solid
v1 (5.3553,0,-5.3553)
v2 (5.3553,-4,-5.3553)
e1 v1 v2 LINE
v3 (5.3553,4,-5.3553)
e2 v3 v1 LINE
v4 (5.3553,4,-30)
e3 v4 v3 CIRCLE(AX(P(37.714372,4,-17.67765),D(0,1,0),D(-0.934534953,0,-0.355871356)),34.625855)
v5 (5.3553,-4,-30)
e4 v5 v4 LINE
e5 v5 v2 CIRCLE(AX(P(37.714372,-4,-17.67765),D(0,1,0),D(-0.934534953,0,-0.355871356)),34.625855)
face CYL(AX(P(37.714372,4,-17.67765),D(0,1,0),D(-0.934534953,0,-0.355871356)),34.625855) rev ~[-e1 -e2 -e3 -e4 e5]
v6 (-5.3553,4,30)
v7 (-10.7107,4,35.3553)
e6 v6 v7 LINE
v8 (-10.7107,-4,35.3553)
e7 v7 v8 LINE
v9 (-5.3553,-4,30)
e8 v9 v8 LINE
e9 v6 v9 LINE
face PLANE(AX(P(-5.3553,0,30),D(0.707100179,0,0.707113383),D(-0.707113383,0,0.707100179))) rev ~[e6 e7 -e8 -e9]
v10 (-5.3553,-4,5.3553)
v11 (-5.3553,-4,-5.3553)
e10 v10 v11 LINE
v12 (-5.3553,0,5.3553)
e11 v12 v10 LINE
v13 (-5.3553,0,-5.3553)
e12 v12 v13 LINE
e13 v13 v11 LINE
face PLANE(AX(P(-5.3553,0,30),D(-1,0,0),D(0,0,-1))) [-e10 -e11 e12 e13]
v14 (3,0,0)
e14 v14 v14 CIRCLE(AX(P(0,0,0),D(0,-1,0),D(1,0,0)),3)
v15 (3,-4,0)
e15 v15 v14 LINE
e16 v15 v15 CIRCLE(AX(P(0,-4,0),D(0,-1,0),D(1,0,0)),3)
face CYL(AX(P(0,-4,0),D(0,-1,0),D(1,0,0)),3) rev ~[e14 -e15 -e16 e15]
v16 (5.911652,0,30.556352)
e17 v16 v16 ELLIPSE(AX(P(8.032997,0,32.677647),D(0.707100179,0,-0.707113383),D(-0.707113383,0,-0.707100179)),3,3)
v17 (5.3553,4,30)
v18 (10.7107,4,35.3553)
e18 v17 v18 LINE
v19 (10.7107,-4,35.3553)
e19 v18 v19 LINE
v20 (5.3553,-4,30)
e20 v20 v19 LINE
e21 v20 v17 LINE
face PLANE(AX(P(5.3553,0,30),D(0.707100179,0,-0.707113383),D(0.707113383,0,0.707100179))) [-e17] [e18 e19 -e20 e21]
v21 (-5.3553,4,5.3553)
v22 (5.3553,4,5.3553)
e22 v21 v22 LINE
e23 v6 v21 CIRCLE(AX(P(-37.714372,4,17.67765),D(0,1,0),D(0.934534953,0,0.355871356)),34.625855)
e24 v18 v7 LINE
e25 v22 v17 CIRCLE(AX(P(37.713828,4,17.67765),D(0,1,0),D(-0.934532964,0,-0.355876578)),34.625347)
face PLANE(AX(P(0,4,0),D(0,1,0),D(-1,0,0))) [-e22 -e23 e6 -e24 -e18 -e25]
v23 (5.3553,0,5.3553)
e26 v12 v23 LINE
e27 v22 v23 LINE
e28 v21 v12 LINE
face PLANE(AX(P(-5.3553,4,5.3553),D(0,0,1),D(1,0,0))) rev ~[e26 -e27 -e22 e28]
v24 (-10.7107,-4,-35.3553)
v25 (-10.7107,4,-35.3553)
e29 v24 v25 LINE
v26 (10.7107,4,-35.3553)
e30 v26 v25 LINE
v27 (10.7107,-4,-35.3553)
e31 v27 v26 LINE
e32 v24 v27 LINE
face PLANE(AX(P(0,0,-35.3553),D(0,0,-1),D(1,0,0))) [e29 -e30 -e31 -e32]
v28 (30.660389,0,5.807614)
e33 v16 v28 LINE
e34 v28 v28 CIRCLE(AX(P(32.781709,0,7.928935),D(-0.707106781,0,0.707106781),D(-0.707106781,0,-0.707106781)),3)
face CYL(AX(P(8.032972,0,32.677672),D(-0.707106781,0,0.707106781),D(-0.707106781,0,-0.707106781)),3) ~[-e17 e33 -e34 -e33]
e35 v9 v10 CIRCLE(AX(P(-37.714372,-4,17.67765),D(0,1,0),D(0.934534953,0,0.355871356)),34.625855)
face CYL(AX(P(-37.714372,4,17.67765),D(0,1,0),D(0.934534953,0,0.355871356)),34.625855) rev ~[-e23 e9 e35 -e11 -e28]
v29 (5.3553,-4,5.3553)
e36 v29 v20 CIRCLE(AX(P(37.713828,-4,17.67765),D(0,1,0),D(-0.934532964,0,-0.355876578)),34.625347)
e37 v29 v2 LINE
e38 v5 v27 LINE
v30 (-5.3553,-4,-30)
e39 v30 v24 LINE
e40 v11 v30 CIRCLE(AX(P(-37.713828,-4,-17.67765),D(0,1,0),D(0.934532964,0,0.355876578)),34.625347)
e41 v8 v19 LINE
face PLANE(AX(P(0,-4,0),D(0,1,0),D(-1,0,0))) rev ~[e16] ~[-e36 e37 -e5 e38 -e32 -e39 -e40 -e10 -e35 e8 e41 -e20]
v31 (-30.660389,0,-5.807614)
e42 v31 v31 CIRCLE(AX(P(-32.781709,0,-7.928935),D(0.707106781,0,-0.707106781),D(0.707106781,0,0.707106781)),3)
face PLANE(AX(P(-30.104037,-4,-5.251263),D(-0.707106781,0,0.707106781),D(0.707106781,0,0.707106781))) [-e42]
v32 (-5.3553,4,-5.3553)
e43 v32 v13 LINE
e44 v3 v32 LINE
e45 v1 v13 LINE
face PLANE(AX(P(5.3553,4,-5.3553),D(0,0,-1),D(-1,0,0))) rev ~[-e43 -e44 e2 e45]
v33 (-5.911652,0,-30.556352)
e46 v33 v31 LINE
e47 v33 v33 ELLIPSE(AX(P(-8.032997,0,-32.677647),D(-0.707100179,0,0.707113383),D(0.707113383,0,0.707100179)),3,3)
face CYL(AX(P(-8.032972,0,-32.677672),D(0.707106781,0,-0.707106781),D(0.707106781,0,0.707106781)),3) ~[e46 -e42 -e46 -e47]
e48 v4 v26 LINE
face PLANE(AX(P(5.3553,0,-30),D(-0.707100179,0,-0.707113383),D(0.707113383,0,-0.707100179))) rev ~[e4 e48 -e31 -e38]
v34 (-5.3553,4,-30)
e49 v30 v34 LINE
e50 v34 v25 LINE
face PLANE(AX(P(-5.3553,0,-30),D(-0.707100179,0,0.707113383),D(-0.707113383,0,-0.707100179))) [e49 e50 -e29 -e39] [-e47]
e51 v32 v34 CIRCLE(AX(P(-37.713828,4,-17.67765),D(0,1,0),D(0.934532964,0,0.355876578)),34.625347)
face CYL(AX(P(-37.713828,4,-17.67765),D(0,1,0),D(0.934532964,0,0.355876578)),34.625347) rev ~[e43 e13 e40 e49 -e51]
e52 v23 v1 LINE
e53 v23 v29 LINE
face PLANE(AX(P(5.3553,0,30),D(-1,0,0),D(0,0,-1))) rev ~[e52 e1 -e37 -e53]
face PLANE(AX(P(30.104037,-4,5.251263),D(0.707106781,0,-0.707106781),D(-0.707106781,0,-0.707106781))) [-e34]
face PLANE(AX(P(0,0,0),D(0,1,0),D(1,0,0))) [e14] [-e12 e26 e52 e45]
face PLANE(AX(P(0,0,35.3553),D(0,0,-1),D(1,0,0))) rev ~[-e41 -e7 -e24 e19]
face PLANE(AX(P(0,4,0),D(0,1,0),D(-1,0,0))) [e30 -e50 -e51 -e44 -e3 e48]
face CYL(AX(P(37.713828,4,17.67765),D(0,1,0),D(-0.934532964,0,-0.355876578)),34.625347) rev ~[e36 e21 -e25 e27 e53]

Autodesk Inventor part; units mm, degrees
ref_plane "YZ Plane" through (0, 0, 0) normal (1, 0, 0) x (0, 1, 0)
ref_plane "XZ Plane" through (0, 0, 0) normal (0, 1, 0) x (-1, 0, 0)
ref_plane "XY Plane" through (0, 0, 0) normal (0, 0, 1) x (1, 0, 0)
sketch "スケッチ1" plane through (0, 0, 0) normal (0, 1, 0) x (-1, 0, 0)
  line L0 (-35.3553, 0) -> (0, 35.3553)
  line L1 (0, 35.3553) -> (35.3553, 0)
  line L2 (35.3553, 0) -> (0, -35.3553)
  line L3 (0, -35.3553) -> (-35.3553, 0)
  line L4 (-25, 25) -> (25, -25) construction
  line L5 (25, 25) -> (-25, -25) construction
  line L6 (0, 0) -> (0, -30)
  line L7 (0, -30) -> (5.3553, -30)
  line L8 (5.3553, -30) -> (10.7107, -35.3553)
  line L9 (5.3553, -30) -> (5.3553, 0)
  line L10 (0, 0) -> (30, 0)
  line L11 (30, 0) -> (30, -5.3553)
  line L12 (30, -5.3553) -> (0, -5.3553)
  line L13 (35.3553, 0) -> (47.1243, -11.769)
  line L14 (35.3553, 0) -> (35.3553, -35.3553)
  line L15 (0, -35.3553) -> (35.3553, -35.3553)
  line L16 (30, -5.3553) -> (35.3553, -10.7107)
  line L17 (5.3553, 30) -> (5.3553, 0)
  line L18 (30, 5.3553) -> (0, 5.3553)
  line L19 (0, 35.3553) -> (35.3553, 0)
  line L20 (30, 5.3553) -> (35.3553, 10.7107)
  line L21 (30, 0) -> (30, 5.3553)
  line L22 (0, 30) -> (5.3553, 30)
  line L23 (5.3553, 30) -> (10.7107, 35.3553)
  line L24 (0, 35.3553) -> (35.3553, 35.3553)
  line L25 (35.3553, 0) -> (35.3553, 35.3553)
  line L26 (0, 0) -> (0, 30)
  line L27 (0, 0) -> (30, 0)
  line L28 (-30, 5.3553) -> (0, 5.3553)
  line L29 (-5.3553, 30) -> (-5.3553, 0)
  line L30 (-35.3553, 0) -> (0, 35.3553)
  line L31 (-5.3553, 30) -> (-10.7107, 35.3553)
  line L32 (0, 30) -> (-5.3553, 30)
  line L33 (-30, 0) -> (-30, 5.3553)
  line L34 (-30, 5.3553) -> (-35.3553, 10.7107)
  line L35 (-35.3553, 0) -> (-35.3553, 35.3553)
  line L36 (0, 35.3553) -> (-35.3553, 35.3553)
  line L37 (0, 0) -> (-30, 0)
  line L38 (0, 0) -> (0, 30)
  line L39 (-5.3553, -30) -> (-5.3553, 0)
  line L40 (-30, -5.3553) -> (0, -5.3553)
  line L41 (0, -35.3553) -> (-35.3553, 0)
  line L42 (-30, -5.3553) -> (-35.3553, -10.7107)
  line L43 (-30, 0) -> (-30, -5.3553)
  line L44 (0, -30) -> (-5.3553, -30)
  line L45 (-5.3553, -30) -> (-10.7107, -35.3553)
  line L46 (0, -35.3553) -> (-35.3553, -35.3553)
  line L47 (-35.3553, 0) -> (-35.3553, -35.3553)
  line L48 (0, 0) -> (0, -30)
  line L49 (0, 0) -> (-30, 0)
  point P0 (35.3553, 0)
  point P1 (5.3553, 5.3553)
  point P2 (-5.3553, 5.3553)
  point P3 (-5.3553, -5.3553)
  point P4 (0, -35.3553)
  point P5 (5.3553, -5.3553)
  point P6 (-5.3553, 0)
  dimension "d0" = 50
  dimension "d1" = 50
  dimension "d3" = 30
  dimension "d4" = 30
  dimension "d7" = 360
extrude "押し出し1" add sketch "スケッチ1" along normal mid plane 8 contours L31 L36 L0 | L32 L26 L28 L29 | L0 L1 L22 L32 | L28 L26 L37 L29 | L44 L7 L2 L3 | L39 L40 L6 L44 | L3 L46 L45 | L39 L37 L6 L40 | L24 L23 L1 | L22 L17 L18 L26 | L18 L17 L10 L26 | L2 L8 L15 | L6 L12 L9 L7 | L6 L10 L9 L12
sketch "スケッチ3" plane through (5.3553, -4, 30) normal (0.7071, 0, -0.7071) x (-0.7071, 0, -0.7071)
  line L0 (-7.5736, 8) -> (7.5736, 8) projected
  line L1 (42.4264, 0) -> (0, 0) projected
  line L2 (-7.5736, 8) -> (0, 0)
  line L3 (-7.5736, 0) -> (7.5736, 0) projected
  line L4 (0, 8) -> (-7.5736, 0)
  circle A0 centre (-3.7868, 4) radius 3
  point P0 (25, 4)
  point P1 (17.4264, 0)
  dimension "d12" = 6
extrude "押し出し2" add sketch "スケッチ3" along normal blind 35 contours A0 L4 L2 | L2 L4 A0 | A0 L2 L4 | L2 A0 L4
pattern_circular "円形状パターン1" count 2 over 360 about axis through (0, -10, 0) along (0, 1, 0) of "押し出し2"
sketch "スケッチ4" plane through (0, 4, 0) normal (0, 1, 0) x (1, 0, 0)
  line L0 (-30, -5.3553) -> (-5.3553, -5.3553) projected
  line L1 (-35.3553, -10.7107) -> (-30, -5.3553) projected
  arc A0 (-5.3553, -5.3553) -> (-30, -5.3553) centre (-17.6777, -37.7141) ccw
  line L2 (-30, -5.3553) -> (-5.3553, -5.3553)
  line L3 (-35.3553, 0) -> (35.3553, 0)
  line L4 (35.3553, -10.7107) -> (35.3553, 10.7107) projected
  line L5 (10.7107, 35.3553) -> (-10.7107, 35.3553) projected
  line L6 (0, 35.3553) -> (0, -35.3553)
  arc A1 (-30, 5.3553) -> (-5.3553, 5.3553) centre (-17.6777, 37.7141) ccw
  arc A2 (5.3553, -5.3553) -> (5.3553, -30) centre (37.7141, -17.6777) ccw
  line L7 (5.3553, -30) -> (5.3553, -5.3553)
  arc A3 (-5.3553, -30) -> (-5.3553, -5.3553) centre (-37.7141, -17.6777) ccw
  arc A4 (5.3553, 5.3553) -> (30, 5.3553) centre (17.6777, 37.7141) ccw
  line L8 (30, 5.3553) -> (5.3553, 5.3553)
  arc A5 (30, -5.3553) -> (5.3553, -5.3553) centre (17.6777, -37.7141) ccw
  arc A6 (-5.3553, 5.3553) -> (-5.3553, 30) centre (-37.7141, 17.6777) ccw
  line L9 (-5.3553, 30) -> (-5.3553, 5.3553)
  arc A7 (5.3553, 30) -> (5.3553, 5.3553) centre (37.7141, 17.6777) ccw
  line L10 (-30, 5.3553) -> (-35.3553, 10.7107) projected
  line L11 (-30, 5.3553) -> (-5.3553, 5.3553) projected
  line L12 (-30, 5.3553) -> (-5.3553, 5.3553)
  line L13 (-5.3553, 30) -> (-5.3553, 5.3553)
  line L14 (5.3553, 30) -> (5.3553, 5.3553)
  line L15 (5.3553, -5.3553) -> (30, -5.3553)
  line L16 (10.7107, -35.3553) -> (5.3553, -30) projected
  line L17 (5.3553, -5.3553) -> (5.3553, -30)
  line L18 (-5.3553, -5.3553) -> (-5.3553, -30)
  line L19 (-5.3553, 5.3553) -> (-5.3553, -5.3553)
  line L20 (5.3553, -5.3553) -> (5.3553, 5.3553)
  point P0 (0, 0)
  point P1 (-5.3553, 5.3553)
  point P2 (-5.3553, 5.3553)
  point P3 (5.3553, 5.3553)
  point P4 (5.3553, 5.3553)
  point P5 (5.3553, 5.3553)
  point P6 (5.3553, 5.3553)
  dimension "d20" = 360
extrude "押し出し3" cut sketch "スケッチ4" against normal blind 8 contours L9 A6 | A7 L14 | L7 A2 | A3 L18
sketch "スケッチ7" plane through (0, 4, 0) normal (0, 1, 0) x (1, 0, 0)
  line L0 (-5.3553, -5.3553) -> (-5.3553, 5.3553) projected
  line L1 (5.3553, -5.3553) -> (5.3553, 5.3553) projected
  line L2 (-5.3553, -5.3553) -> (5.3553, -5.3553)
  line L3 (5.3553, -5.3553) -> (5.3553, 5.3553)
  line L4 (5.3553, 5.3553) -> (-5.3553, 5.3553)
  line L5 (-5.3553, 5.3553) -> (-5.3553, -5.3553)
  arc A0 (-5.3553, -30) -> (-5.3553, -5.3553) centre (-37.7141, -17.6777) ccw projected
  arc A1 (5.3553, 30) -> (5.3553, 5.3553) centre (37.7141, 17.6777) ccw projected
  point P0 (0, 0)
extrude "押し出し5" cut sketch "スケッチ7" against normal blind 4
sketch "スケッチ8" plane through (0, -4, 0) normal (0, -1, 0) x (1, 0, 0)
  circle A0 centre (0, 0) radius 3
  dimension "d34" = 6
extrude "押し出し6" cut sketch "スケッチ8" against normal blind 4
